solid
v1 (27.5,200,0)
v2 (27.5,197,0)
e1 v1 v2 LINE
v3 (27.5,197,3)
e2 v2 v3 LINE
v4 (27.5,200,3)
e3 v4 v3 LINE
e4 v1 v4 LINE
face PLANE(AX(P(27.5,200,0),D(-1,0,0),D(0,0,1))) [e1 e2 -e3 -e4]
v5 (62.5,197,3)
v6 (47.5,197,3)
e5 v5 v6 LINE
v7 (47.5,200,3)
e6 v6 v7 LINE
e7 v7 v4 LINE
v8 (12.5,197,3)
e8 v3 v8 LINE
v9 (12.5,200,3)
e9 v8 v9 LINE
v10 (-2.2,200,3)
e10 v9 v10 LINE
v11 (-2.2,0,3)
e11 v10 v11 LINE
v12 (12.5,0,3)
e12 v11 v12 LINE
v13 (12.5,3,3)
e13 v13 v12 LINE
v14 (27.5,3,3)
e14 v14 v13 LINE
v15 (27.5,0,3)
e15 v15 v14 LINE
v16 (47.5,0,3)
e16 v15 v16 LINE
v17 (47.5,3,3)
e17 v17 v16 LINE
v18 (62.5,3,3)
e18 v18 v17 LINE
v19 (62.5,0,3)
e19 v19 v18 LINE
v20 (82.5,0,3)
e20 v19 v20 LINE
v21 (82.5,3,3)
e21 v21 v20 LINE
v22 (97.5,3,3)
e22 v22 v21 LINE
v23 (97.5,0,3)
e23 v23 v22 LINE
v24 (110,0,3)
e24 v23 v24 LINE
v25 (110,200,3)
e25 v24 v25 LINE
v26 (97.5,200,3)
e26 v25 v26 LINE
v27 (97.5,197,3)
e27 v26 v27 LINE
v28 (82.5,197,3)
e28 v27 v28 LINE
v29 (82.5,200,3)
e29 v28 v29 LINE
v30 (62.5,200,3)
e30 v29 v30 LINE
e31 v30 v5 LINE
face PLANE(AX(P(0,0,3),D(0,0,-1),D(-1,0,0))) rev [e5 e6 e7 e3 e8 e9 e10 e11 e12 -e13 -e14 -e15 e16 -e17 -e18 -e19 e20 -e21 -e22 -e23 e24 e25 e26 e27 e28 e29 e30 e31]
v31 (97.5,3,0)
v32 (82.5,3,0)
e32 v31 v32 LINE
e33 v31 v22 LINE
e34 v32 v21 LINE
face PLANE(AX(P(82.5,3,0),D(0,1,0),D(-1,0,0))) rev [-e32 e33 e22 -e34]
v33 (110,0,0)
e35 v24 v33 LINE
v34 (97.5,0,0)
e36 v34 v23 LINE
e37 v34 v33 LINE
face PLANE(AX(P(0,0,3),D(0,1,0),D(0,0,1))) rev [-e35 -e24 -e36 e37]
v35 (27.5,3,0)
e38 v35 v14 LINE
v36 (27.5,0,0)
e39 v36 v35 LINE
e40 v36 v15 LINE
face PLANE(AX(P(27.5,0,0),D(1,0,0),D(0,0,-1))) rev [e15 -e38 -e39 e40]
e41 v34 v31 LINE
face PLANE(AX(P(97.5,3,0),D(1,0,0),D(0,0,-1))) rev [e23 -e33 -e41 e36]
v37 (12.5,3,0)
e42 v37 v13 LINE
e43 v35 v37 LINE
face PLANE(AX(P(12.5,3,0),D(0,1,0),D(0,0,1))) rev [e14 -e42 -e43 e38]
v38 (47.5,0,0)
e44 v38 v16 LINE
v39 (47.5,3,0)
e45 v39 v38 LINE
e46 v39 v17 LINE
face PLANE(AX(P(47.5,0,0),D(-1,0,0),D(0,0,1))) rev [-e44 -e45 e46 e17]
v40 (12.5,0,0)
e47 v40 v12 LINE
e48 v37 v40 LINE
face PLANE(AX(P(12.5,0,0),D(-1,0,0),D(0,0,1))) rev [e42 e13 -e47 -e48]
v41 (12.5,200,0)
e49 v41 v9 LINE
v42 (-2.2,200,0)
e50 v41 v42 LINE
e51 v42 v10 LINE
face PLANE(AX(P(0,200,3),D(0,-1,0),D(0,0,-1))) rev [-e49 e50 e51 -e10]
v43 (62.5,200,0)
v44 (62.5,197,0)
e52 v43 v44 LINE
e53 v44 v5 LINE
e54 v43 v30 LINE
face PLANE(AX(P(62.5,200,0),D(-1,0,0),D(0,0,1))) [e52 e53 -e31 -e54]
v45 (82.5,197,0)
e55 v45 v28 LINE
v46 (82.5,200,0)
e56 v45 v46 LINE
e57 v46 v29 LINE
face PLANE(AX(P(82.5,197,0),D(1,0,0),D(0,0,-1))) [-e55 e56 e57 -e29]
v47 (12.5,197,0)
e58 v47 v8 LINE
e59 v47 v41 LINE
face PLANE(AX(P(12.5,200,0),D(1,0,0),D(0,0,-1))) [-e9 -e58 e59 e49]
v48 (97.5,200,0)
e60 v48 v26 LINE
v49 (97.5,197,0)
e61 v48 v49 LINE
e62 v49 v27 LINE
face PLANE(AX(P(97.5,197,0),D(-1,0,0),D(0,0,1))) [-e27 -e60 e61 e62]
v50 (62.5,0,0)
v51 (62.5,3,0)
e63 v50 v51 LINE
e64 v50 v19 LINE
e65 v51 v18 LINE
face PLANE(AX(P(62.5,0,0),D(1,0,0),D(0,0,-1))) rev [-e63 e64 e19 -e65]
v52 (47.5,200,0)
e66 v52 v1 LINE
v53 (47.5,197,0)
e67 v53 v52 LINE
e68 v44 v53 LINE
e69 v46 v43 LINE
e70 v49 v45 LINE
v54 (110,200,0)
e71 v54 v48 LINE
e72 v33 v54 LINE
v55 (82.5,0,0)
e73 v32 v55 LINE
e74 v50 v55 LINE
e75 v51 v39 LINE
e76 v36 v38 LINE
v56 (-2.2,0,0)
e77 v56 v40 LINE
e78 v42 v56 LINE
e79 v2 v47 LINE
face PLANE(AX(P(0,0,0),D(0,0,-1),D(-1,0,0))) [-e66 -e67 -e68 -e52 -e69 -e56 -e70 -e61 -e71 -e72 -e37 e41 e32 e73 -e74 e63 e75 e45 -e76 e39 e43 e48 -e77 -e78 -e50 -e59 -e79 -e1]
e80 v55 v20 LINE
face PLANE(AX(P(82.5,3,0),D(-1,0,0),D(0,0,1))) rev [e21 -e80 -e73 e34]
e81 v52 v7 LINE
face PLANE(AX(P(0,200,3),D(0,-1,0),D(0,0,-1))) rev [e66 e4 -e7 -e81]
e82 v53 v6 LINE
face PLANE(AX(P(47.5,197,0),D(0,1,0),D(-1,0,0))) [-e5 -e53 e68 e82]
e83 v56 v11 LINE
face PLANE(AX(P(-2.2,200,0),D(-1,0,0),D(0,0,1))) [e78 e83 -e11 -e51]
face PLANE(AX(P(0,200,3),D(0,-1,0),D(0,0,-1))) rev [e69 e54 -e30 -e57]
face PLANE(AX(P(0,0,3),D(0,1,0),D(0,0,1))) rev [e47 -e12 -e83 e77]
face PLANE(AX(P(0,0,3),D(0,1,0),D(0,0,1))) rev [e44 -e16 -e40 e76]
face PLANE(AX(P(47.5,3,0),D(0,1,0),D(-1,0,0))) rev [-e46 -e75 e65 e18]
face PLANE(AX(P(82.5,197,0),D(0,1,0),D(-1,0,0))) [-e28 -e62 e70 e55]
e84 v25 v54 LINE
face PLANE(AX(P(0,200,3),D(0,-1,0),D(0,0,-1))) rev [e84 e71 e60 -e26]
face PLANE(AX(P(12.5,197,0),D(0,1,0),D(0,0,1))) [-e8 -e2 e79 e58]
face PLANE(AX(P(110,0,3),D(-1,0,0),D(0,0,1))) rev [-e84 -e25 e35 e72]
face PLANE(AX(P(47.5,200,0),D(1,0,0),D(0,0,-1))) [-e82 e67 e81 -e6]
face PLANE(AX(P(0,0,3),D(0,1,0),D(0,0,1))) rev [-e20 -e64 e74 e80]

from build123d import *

# Parameters (mm, degrees)
SKETCH_1_W          = 110
SKETCH_1_H          = 200
EXTRUDE_1_DEPTH     = 3
SKETCH_2_W          = 15
SKETCH_2_H          = 3
CUT_EXTRUDE_1_DEPTH = 229.273958217
SKETCH_3_W          = 2.2
SKETCH_3_H          = 200
EXTRUDE_2_DEPTH     = 3


with BuildPart() as part:
    # 草图1 → 凸台-拉伸1 (new body)
    with BuildSketch(Plane.XY):
        with Locations((55, 100)):
            Rectangle(SKETCH_1_W, SKETCH_1_H)
    extrude(amount=EXTRUDE_1_DEPTH)

    # 草图2 → 切除-拉伸1 (cut, through all)
    with BuildSketch(Plane.XY.offset(3)):
        with Locations((55, 1.5)):
            Rectangle(SKETCH_2_W, SKETCH_2_H)
        with Locations((20, 1.5)):
            Rectangle(SKETCH_2_W, SKETCH_2_H)
        with Locations((90, 1.5)):
            Rectangle(SKETCH_2_W, SKETCH_2_H)
    cut_extrude_1 = extrude(amount=-CUT_EXTRUDE_1_DEPTH, mode=Mode.SUBTRACT)

    # 镜向1: 切除-拉伸1 across plane
    add(cut_extrude_1.mirror(Plane(origin=(0, 100, 0), x_dir=(0, 0, 1), z_dir=(0, -1, 0))), mode=Mode.SUBTRACT)

    # 草图3 → 凸台-拉伸2 (add)
    with BuildSketch(Plane.XY.offset(3)):
        with Locations((-1.1, 100)):
            Rectangle(SKETCH_3_W, SKETCH_3_H)
    extrude(amount=-EXTRUDE_2_DEPTH)


solid = part.part
